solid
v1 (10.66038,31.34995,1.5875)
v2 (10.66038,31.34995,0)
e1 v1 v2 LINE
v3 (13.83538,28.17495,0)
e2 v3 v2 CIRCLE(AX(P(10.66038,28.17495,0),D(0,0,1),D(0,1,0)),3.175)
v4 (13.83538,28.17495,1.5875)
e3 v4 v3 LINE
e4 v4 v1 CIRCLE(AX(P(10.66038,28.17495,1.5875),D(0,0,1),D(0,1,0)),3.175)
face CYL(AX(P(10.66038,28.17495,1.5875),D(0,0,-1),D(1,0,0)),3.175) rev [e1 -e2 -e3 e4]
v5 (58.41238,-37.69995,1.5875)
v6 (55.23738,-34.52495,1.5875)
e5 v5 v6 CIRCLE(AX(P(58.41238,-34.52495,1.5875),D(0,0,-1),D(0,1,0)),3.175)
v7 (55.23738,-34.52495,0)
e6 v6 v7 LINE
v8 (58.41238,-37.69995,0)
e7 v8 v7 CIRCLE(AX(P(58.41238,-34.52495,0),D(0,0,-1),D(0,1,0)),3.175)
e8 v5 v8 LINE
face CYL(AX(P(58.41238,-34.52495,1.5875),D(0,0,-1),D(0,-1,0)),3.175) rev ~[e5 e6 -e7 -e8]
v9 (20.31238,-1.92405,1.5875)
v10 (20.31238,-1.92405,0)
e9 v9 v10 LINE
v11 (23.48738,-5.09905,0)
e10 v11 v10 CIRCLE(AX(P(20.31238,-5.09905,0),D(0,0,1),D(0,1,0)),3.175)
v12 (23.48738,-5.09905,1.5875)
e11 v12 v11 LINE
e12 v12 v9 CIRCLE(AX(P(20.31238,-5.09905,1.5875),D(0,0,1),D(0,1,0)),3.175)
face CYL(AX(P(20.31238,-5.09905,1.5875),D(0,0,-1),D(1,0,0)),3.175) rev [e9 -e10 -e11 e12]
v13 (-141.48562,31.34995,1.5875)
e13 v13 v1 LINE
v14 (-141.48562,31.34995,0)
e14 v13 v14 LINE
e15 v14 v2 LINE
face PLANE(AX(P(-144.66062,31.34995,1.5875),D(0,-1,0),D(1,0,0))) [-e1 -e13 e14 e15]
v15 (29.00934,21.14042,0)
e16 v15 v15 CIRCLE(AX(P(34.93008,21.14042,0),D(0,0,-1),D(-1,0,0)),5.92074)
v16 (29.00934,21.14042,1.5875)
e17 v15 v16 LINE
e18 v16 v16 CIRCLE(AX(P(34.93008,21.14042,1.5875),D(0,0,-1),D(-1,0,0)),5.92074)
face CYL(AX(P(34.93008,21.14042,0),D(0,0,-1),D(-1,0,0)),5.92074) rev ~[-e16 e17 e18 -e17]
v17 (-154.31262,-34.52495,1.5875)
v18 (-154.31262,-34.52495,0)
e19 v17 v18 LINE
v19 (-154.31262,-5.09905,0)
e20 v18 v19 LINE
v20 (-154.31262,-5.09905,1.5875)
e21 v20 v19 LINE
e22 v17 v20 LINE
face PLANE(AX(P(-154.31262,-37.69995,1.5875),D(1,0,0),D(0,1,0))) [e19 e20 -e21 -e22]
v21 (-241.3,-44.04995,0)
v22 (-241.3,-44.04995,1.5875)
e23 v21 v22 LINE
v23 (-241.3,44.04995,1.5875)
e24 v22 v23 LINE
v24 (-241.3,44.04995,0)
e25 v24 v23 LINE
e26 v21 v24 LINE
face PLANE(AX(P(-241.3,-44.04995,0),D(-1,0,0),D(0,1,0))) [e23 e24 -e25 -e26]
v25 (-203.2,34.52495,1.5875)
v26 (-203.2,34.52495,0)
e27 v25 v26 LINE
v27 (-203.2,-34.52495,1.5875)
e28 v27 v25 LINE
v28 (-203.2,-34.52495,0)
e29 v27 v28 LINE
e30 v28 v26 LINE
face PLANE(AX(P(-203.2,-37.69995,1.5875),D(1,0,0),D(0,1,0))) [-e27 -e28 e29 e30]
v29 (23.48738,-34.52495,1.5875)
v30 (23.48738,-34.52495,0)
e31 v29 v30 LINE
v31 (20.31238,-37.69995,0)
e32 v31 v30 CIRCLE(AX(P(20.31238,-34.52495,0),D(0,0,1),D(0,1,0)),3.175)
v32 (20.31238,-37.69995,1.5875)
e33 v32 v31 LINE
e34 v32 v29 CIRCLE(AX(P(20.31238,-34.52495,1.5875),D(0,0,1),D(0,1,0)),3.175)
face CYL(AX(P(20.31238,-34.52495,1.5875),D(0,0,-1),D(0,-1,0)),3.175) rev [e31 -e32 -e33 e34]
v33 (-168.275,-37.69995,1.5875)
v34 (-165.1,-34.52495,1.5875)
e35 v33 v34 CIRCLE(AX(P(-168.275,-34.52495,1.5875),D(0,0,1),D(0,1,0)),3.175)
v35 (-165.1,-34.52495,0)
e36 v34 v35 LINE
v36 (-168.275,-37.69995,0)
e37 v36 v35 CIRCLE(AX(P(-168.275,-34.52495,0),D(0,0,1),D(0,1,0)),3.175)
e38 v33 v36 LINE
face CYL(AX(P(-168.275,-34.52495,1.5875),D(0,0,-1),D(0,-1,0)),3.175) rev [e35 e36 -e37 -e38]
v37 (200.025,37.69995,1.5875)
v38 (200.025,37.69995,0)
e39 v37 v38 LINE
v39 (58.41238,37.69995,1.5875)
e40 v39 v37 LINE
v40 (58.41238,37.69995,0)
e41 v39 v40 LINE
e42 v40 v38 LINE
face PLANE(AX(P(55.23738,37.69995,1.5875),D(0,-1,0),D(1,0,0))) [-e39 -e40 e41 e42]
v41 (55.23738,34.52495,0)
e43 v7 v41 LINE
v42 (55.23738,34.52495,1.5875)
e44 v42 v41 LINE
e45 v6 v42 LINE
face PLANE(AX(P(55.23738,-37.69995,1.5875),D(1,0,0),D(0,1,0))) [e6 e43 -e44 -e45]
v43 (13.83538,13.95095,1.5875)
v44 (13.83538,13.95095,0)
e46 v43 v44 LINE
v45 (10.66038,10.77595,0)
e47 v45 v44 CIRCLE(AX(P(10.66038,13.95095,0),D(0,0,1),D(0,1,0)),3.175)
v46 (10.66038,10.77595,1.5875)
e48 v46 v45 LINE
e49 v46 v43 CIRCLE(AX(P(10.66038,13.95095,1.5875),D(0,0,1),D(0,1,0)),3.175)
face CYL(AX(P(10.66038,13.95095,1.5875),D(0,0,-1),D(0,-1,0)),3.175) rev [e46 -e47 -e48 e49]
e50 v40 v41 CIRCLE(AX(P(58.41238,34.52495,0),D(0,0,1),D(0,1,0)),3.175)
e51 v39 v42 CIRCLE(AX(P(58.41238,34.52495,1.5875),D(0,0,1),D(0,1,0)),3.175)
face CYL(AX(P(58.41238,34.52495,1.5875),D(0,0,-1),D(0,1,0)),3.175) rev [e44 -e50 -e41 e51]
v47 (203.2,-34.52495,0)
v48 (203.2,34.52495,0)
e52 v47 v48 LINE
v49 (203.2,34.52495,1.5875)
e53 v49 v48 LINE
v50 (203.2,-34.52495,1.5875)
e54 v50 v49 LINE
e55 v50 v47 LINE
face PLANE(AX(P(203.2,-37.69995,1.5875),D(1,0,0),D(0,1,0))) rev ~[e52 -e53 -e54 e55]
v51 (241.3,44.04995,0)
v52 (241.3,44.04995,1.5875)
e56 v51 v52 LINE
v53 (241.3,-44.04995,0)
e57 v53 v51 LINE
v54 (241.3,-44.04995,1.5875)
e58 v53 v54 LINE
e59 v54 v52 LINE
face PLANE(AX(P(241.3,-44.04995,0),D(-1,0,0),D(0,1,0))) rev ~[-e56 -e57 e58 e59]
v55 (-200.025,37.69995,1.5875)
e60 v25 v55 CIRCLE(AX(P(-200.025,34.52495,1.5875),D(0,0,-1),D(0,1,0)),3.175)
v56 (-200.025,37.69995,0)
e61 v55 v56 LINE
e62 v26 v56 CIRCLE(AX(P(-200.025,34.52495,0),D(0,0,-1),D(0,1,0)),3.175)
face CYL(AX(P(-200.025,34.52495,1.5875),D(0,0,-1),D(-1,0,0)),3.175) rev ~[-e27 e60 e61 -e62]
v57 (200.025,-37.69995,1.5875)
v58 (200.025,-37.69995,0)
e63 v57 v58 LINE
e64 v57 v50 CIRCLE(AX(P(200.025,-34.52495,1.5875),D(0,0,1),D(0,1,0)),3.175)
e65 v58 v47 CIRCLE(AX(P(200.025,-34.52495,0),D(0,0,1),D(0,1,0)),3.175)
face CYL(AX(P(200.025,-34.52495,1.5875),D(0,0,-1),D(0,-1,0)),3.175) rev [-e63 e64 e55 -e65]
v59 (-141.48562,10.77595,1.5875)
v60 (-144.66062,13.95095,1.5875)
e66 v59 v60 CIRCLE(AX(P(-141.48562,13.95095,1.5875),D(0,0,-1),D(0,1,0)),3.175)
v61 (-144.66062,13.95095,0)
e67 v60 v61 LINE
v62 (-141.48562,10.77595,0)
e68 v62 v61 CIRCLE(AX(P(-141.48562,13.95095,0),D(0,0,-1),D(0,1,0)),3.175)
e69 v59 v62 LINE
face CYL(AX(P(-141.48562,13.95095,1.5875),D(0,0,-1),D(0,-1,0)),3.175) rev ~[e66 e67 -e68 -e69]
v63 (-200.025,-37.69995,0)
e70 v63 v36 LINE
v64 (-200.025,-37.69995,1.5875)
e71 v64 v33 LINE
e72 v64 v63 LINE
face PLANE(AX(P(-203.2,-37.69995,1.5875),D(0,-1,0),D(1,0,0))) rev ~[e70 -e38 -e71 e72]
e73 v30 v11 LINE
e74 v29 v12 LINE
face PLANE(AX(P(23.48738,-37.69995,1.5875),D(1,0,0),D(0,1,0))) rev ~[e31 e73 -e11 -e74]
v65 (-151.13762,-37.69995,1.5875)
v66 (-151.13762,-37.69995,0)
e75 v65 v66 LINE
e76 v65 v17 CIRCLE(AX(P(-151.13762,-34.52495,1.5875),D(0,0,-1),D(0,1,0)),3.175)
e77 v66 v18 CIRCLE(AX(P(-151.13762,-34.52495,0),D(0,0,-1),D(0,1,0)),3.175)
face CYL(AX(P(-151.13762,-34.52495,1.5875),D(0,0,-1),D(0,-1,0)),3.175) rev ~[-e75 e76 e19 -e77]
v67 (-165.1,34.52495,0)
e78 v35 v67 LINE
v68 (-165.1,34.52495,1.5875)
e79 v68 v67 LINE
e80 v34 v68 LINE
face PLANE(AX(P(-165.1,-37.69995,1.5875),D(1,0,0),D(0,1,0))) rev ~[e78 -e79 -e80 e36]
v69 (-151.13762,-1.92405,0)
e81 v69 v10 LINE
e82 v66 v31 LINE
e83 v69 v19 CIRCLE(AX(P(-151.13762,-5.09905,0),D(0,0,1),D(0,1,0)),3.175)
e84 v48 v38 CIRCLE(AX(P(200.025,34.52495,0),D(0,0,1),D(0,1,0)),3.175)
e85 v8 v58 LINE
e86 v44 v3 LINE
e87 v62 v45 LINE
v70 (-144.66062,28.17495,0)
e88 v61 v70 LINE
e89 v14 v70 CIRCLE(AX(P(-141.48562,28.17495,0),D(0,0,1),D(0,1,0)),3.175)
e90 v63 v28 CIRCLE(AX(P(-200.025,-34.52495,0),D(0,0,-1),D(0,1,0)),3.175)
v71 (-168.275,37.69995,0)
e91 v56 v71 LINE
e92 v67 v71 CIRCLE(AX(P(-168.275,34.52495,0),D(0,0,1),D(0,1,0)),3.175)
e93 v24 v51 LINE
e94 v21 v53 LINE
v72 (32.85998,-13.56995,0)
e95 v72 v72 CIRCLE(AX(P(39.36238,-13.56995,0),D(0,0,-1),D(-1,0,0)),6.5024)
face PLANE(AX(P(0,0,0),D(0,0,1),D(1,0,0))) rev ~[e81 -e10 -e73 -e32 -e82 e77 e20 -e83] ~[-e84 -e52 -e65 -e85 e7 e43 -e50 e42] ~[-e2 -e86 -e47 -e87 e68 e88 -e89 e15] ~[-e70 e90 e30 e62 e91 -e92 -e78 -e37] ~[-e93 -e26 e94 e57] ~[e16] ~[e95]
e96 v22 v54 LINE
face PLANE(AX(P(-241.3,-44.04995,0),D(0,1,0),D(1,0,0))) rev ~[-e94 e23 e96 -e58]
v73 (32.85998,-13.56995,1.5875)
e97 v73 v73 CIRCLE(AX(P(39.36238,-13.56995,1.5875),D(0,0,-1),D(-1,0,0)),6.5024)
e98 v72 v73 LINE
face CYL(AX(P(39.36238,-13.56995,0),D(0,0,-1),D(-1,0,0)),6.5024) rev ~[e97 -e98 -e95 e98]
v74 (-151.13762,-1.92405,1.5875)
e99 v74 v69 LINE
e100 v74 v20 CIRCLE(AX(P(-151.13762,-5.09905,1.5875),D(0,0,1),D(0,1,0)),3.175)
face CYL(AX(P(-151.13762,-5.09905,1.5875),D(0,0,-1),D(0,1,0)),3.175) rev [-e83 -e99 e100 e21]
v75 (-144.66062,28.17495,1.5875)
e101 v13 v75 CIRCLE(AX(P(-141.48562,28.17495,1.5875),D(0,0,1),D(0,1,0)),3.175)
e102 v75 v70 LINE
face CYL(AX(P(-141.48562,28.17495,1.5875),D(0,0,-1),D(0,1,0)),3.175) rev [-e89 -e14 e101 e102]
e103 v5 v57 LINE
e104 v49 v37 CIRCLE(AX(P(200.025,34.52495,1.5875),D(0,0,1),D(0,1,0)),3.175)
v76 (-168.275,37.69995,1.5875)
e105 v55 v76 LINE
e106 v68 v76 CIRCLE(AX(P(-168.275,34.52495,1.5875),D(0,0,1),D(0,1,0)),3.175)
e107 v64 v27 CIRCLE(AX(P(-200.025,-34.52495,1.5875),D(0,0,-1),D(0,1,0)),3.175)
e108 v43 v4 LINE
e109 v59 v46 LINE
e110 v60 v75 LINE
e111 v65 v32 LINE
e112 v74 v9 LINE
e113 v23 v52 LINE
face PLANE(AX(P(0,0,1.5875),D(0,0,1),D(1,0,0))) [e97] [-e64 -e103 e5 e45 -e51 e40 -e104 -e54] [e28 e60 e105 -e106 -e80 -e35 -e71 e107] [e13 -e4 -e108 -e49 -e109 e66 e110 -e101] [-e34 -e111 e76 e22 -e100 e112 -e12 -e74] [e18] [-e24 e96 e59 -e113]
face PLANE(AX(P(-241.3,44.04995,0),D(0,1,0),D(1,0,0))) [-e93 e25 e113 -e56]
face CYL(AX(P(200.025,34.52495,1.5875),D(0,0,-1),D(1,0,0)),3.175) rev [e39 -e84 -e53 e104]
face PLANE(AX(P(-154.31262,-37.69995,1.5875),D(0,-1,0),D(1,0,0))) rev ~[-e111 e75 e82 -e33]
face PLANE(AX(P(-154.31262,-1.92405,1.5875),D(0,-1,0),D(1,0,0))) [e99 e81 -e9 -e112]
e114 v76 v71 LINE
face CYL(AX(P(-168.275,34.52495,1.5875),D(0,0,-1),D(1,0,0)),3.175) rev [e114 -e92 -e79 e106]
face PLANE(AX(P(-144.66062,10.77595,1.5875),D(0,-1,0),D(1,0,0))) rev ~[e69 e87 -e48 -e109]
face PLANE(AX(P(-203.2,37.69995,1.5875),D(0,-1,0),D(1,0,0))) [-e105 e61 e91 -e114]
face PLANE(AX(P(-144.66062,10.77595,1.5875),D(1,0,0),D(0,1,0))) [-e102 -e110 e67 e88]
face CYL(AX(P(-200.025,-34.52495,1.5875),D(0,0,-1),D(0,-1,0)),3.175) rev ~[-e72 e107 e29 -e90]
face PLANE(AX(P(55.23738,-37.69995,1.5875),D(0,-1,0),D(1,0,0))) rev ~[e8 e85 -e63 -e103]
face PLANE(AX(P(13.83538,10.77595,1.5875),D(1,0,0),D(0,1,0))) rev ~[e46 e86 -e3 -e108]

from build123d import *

# Parameters (mm, degrees)
SKETCH1_W           = 482.6
SKETCH1_H           = 88.0999
BOSS_EXTRUDE1_DEPTH = 1.5875
SKETCH2_W           = 158.496
SKETCH2_H           = 20.574
CUT_EXTRUDE1_DEPTH  = 246.292902978
FILLET1_R           = 3.175
SKETCH3_W           = 177.8
SKETCH3_H           = 35.7759
CUT_EXTRUDE2_DEPTH  = 246.292902978
FILLET2_R           = 3.175
SKETCH4_W           = 38.1
SKETCH4_H           = 75.3999
CUT_EXTRUDE3_DEPTH  = 246.292902978
SKETCH5_W           = 147.96262
SKETCH5_H           = 75.3999
CUT_EXTRUDE4_DEPTH  = 1.5875
FILLET3_R           = 3.175
SKETCH6_R           = 6.5024
SKETCH6_R_2         = 5.92074
CUT_EXTRUDE5_DEPTH  = 246.292902978


with BuildPart() as part:
    # Sketch1 → Boss-Extrude1 (new body)
    with BuildSketch(Plane.XY):
        Rectangle(SKETCH1_W, SKETCH1_H)
    extrude(amount=BOSS_EXTRUDE1_DEPTH)

    # Sketch2 → Cut-Extrude1 (cut, through all)
    with BuildSketch(Plane.XY.offset(1.5875)):
        with Locations((-65.41262, 21.06295)):
            Rectangle(SKETCH2_W, SKETCH2_H)
    extrude(amount=-CUT_EXTRUDE1_DEPTH, mode=Mode.SUBTRACT)

    # Fillet1
    fillet1_edges = [part.edges().sort_by_distance(p)[0] for p in [
        (-144.66062, 10.77595, 0.79375),
        (-144.66062, 31.34995, 0.79375),
        (13.83538, 31.34995, 0.79375),
        (13.83538, 10.77595, 0.79375),
    ]]
    fillet(fillet1_edges, radius=FILLET1_R)

    # Sketch3 → Cut-Extrude2 (cut, through all)
    with BuildSketch(Plane.XY.offset(1.5875)):
        with Locations((-65.41262, -19.812)):
            Rectangle(SKETCH3_W, SKETCH3_H)
    extrude(amount=-CUT_EXTRUDE2_DEPTH, mode=Mode.SUBTRACT)

    # Fillet2
    fillet2_edges = [part.edges().sort_by_distance(p)[0] for p in [
        (-154.31262, -37.69995, 0.79375),
        (-154.31262, -1.92405, 0.79375),
        (23.48738, -1.92405, 0.79375),
        (23.48738, -37.69995, 0.79375),
    ]]
    fillet(fillet2_edges, radius=FILLET2_R)

    # Sketch4 → Cut-Extrude3 (cut, through all)
    with BuildSketch(Plane.XY.offset(1.5875)):
        with Locations((-184.15, 0)):
            Rectangle(SKETCH4_W, SKETCH4_H)
    extrude(amount=-CUT_EXTRUDE3_DEPTH, mode=Mode.SUBTRACT)

    # Sketch5 → Cut-Extrude4 (cut)
    with BuildSketch(Plane.XY.offset(1.5875)):
        with Locations((129.21869, 0)):
            Rectangle(SKETCH5_W, SKETCH5_H)
    extrude(amount=-CUT_EXTRUDE4_DEPTH, mode=Mode.SUBTRACT)

    # Fillet3
    fillet3_edges = [part.edges().sort_by_distance(p)[0] for p in [
        (-203.2, -37.69995, 0.79375),
        (-203.2, 37.69995, 0.79375),
        (-165.1, 37.69995, 0.79375),
        (-165.1, -37.69995, 0.79375),
        (55.23738, -37.69995, 0.79375),
        (55.23738, 37.69995, 0.79375),
        (203.2, 37.69995, 0.79375),
        (203.2, -37.69995, 0.79375),
    ]]
    fillet(fillet3_edges, radius=FILLET3_R)

    # Sketch6 → Cut-Extrude5 (cut, through all)
    with BuildSketch(Plane(origin=(0, 0, 0), x_dir=(-1, 0, 0), z_dir=(0, 0, -1))):
        with Locations((-39.36238, -13.56995)):
            Circle(SKETCH6_R)
        with Locations((-34.93008, 21.14042)):
            Circle(SKETCH6_R_2)
    extrude(amount=-CUT_EXTRUDE5_DEPTH, mode=Mode.SUBTRACT)


solid = part.part
